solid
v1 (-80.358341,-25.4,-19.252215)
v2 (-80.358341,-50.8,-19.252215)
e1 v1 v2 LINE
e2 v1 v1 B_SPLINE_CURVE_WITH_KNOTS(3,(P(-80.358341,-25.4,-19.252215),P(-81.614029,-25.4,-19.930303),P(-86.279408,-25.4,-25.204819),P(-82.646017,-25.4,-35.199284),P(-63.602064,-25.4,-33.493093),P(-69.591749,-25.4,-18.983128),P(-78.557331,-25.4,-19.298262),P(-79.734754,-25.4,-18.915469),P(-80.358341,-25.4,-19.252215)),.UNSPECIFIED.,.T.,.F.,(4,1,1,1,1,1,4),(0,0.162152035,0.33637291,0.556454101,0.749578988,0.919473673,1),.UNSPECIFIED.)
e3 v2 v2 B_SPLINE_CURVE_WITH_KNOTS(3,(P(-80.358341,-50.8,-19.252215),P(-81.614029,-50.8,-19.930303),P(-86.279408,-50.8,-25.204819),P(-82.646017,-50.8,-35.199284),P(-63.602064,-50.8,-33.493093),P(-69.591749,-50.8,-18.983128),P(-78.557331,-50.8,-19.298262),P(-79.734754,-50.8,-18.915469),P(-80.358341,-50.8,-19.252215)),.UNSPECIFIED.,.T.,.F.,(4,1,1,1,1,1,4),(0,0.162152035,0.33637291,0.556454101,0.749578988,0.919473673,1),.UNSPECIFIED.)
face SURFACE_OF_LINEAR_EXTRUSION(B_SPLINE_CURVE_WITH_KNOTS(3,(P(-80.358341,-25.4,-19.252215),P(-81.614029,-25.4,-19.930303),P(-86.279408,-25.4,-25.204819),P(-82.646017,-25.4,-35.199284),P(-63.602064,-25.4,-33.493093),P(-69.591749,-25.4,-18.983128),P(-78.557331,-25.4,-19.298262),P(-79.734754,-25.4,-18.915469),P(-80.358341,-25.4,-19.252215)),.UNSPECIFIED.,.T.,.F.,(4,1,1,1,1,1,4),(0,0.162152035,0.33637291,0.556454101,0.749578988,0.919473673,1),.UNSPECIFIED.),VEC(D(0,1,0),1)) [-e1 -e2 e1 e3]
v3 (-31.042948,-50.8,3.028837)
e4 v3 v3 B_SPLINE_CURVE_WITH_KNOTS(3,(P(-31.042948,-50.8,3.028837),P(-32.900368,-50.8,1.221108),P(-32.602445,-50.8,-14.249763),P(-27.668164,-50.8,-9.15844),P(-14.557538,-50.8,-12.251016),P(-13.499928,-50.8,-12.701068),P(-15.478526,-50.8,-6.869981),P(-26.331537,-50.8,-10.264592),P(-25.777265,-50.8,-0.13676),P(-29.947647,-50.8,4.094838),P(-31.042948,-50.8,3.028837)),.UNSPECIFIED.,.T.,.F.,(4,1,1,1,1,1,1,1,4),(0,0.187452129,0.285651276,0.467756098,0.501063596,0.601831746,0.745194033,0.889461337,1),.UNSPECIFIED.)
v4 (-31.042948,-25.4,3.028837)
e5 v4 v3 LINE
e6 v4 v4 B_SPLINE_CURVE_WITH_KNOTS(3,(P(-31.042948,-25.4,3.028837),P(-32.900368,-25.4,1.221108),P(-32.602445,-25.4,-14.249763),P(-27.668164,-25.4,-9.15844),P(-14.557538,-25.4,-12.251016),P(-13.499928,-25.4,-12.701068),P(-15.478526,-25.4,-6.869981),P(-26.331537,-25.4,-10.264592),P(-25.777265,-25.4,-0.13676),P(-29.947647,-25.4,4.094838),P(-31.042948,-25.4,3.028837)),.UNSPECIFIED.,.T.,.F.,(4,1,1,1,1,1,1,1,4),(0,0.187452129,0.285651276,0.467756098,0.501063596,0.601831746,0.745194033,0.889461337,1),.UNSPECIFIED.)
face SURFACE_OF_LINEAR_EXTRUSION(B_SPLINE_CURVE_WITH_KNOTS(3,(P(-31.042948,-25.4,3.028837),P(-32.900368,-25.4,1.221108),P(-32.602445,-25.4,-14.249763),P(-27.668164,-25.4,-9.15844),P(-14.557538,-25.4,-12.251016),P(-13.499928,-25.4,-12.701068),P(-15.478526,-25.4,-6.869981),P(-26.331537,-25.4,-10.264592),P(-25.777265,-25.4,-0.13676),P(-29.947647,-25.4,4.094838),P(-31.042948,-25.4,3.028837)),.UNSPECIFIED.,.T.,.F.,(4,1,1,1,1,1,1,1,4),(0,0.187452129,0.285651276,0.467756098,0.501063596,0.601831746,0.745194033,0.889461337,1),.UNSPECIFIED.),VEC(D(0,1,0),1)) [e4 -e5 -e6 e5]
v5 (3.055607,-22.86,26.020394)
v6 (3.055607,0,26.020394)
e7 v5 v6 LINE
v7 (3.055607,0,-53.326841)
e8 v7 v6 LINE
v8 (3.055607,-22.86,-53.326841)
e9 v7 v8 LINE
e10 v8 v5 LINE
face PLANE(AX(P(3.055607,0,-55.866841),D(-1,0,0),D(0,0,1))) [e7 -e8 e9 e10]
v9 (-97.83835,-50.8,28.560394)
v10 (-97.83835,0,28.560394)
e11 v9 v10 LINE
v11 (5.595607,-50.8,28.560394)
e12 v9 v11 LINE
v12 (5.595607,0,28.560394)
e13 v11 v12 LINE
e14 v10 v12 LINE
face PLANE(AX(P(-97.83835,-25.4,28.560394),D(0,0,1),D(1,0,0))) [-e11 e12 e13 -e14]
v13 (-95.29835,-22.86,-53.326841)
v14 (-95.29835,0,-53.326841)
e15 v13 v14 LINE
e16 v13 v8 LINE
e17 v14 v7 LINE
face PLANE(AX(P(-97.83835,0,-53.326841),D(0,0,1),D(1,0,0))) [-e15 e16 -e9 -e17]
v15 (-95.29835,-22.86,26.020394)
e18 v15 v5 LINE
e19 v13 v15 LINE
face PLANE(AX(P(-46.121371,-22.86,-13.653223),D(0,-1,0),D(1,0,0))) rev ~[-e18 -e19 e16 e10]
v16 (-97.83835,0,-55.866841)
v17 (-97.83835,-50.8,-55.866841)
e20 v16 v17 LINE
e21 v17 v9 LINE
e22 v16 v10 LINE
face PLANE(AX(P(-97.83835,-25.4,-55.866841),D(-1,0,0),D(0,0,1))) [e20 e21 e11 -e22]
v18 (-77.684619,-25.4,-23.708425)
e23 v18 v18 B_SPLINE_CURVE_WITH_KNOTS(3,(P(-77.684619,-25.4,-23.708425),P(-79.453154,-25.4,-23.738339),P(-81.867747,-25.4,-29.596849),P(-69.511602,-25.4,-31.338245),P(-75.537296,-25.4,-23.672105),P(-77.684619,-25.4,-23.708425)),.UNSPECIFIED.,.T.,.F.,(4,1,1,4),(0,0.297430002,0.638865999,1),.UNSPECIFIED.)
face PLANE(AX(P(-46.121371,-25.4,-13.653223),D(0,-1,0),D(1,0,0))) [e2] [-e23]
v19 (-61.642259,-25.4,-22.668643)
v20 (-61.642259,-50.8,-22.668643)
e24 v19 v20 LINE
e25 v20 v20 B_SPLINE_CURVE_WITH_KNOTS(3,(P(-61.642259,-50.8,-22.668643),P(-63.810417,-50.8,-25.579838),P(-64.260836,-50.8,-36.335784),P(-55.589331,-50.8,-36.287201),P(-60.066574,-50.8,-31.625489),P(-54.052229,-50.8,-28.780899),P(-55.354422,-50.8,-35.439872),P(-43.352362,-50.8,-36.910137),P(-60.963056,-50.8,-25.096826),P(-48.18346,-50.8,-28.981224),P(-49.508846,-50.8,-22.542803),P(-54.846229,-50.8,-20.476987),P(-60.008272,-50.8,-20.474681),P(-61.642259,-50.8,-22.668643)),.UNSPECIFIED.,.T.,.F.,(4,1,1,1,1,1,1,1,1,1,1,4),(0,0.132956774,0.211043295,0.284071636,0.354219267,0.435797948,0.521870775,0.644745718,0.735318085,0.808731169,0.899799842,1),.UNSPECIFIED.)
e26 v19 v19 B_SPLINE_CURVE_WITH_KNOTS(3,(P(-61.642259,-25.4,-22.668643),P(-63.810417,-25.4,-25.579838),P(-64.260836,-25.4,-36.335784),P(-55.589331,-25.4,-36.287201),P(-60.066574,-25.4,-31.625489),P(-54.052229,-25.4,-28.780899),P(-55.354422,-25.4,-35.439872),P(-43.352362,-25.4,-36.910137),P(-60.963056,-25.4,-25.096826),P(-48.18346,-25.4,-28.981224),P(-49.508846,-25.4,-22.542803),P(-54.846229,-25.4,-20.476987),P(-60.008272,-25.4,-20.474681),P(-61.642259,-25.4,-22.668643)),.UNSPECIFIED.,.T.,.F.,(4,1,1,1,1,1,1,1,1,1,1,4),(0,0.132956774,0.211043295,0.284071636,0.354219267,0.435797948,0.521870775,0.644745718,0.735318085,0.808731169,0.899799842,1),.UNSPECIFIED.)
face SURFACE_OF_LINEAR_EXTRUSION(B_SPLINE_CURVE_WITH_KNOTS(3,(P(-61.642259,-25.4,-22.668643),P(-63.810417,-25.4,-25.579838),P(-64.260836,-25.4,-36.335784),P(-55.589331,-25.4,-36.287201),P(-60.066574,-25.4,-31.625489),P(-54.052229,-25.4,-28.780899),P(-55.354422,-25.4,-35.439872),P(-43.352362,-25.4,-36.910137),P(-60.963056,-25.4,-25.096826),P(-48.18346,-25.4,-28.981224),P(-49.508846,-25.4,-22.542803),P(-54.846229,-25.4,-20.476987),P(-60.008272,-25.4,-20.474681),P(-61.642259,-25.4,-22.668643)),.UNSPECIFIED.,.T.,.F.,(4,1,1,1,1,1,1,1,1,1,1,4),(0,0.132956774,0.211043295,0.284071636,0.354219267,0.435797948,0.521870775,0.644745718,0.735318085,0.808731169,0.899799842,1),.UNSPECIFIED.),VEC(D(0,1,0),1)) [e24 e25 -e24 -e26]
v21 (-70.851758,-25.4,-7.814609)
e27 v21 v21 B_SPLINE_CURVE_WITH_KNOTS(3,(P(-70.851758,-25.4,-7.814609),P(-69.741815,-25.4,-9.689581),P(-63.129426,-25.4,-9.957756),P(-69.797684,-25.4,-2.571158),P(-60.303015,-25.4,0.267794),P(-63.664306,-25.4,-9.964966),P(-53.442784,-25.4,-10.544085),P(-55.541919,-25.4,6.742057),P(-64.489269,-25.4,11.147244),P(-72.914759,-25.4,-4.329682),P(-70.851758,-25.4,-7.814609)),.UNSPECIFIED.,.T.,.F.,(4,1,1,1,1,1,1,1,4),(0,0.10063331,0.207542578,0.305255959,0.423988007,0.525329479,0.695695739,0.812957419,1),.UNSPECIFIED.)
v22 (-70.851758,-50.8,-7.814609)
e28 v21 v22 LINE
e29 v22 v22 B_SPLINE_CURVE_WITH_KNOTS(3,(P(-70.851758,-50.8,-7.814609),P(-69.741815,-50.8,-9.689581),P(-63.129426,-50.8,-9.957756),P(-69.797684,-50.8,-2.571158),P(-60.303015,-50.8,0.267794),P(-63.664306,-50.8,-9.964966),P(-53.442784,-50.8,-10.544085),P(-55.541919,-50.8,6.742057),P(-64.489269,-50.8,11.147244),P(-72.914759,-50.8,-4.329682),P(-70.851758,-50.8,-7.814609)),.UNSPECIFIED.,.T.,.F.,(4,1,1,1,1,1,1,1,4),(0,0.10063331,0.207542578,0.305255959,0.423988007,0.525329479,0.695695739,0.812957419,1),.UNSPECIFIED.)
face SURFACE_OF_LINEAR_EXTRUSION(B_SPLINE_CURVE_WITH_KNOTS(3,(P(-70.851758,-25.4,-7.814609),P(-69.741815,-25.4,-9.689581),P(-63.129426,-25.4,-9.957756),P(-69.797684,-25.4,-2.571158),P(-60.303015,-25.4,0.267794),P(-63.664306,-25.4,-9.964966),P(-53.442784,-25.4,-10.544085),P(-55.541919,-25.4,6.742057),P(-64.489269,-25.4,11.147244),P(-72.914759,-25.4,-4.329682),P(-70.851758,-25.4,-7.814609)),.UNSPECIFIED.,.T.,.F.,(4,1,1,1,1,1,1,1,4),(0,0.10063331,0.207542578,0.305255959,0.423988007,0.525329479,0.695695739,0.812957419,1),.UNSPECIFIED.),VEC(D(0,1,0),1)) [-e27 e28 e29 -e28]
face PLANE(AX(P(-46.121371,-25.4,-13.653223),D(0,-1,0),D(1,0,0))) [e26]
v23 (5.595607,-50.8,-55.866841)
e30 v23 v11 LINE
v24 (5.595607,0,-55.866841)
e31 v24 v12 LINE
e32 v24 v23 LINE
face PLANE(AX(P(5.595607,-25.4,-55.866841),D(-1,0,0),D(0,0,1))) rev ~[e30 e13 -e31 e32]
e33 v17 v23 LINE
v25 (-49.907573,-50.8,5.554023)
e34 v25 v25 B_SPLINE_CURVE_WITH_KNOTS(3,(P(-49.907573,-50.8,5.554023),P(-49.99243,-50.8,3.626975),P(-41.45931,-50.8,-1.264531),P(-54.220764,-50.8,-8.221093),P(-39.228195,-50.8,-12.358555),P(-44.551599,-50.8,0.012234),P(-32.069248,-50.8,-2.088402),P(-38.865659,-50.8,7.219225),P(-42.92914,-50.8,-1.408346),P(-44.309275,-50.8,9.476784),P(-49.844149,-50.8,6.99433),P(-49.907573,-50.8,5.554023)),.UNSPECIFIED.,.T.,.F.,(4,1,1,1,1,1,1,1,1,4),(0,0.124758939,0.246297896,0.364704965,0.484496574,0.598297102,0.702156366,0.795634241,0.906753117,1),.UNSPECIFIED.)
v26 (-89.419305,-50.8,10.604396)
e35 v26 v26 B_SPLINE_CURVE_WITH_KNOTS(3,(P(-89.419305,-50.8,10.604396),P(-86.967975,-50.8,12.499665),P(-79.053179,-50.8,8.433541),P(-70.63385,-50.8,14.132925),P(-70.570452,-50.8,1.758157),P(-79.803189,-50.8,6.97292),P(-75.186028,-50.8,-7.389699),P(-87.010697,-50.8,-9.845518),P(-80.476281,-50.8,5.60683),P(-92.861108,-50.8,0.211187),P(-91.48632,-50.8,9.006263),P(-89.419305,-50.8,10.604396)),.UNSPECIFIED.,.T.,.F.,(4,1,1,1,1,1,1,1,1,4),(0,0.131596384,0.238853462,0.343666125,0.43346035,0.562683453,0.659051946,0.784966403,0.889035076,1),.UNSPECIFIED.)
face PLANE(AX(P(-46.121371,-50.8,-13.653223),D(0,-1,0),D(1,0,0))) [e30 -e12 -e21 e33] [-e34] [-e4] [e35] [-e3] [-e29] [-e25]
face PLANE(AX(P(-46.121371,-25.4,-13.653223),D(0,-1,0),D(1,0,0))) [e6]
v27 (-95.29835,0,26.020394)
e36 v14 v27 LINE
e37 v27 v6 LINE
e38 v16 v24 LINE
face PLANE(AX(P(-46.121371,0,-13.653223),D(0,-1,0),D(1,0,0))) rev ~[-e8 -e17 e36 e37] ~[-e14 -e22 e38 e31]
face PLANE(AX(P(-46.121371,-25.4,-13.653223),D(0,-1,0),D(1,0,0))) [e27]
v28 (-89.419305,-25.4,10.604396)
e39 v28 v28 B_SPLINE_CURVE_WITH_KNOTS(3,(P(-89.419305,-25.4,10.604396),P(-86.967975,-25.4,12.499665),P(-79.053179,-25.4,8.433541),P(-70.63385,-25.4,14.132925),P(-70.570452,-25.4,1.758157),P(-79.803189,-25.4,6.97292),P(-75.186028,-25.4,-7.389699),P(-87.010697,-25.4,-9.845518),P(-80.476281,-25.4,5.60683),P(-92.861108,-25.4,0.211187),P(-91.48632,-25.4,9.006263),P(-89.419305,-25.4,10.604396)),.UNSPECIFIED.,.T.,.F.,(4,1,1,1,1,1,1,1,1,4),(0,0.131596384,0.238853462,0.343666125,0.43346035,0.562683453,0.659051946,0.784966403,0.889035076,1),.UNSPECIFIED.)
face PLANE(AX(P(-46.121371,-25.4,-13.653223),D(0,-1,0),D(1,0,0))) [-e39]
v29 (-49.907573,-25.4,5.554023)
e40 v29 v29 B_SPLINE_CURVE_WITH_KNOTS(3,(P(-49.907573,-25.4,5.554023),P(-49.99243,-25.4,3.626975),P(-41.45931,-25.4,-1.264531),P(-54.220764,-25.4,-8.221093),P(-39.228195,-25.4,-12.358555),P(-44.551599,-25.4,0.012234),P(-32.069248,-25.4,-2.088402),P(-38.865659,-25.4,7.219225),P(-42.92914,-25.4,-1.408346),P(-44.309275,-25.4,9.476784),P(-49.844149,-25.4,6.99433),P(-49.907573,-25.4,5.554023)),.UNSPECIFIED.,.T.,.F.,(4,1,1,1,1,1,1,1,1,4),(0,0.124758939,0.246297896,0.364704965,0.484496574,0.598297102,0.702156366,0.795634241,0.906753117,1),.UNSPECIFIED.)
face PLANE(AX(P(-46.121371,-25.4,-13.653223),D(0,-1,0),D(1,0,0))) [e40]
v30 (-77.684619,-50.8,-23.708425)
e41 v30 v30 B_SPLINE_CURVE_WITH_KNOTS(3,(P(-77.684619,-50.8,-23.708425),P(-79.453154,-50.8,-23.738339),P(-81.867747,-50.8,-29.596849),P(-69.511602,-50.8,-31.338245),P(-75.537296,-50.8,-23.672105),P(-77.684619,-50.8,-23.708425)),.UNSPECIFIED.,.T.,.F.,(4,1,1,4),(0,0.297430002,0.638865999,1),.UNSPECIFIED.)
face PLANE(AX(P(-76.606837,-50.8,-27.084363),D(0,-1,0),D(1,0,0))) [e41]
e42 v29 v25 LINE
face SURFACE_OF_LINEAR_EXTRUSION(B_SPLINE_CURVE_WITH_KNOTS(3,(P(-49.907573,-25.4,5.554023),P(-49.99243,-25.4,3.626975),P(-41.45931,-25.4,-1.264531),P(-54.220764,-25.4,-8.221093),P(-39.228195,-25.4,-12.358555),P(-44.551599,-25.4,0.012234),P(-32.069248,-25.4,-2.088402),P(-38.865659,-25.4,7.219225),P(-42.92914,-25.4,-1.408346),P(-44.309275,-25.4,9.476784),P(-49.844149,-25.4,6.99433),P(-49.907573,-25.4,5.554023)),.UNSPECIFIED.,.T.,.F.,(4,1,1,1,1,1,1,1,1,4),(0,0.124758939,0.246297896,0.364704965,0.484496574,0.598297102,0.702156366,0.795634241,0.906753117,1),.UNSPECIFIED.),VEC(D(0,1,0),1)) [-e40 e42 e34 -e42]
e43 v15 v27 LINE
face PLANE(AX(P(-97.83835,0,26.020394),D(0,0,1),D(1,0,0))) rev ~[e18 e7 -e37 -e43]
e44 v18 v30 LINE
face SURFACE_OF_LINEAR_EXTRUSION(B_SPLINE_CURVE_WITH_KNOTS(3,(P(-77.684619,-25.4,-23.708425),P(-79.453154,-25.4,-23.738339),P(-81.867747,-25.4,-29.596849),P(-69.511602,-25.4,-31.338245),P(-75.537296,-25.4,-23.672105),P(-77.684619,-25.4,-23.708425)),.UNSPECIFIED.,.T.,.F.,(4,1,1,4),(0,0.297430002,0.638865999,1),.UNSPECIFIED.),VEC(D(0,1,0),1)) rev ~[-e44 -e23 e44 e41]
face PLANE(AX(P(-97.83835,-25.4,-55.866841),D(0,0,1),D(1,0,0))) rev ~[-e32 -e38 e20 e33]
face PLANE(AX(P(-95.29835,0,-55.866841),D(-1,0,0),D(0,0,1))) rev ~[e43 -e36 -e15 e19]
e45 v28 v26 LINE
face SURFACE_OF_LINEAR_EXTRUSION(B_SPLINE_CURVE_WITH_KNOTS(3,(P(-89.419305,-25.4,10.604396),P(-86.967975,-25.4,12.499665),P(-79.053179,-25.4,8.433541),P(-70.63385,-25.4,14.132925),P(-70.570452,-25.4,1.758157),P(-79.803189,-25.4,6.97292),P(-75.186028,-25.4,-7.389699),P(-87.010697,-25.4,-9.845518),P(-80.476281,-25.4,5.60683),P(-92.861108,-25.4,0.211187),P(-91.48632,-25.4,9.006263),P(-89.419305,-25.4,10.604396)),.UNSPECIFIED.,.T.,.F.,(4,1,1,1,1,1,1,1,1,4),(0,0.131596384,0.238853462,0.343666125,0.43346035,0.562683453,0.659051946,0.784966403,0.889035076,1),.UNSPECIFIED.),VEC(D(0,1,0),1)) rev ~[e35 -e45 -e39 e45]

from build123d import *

# Parameters (mm, degrees)
F0_W     = 103.4339563921
F0_H     = 84.427235648
F1_DEPTH = 25.4
F2_T     = -2.54
F3_W     = 103.4339563921
F3_H     = 84.427235648
F4_DEPTH = 25.4


with BuildPart() as f1:
    # F0 (on Front) → F1 (new body)
    with BuildSketch(Plane.XZ):
        with Locations((-46.1213714443, -13.6532234028)):
            Rectangle(F0_W, F0_H)
    extrude(amount=F1_DEPTH)

    # F2
    f2_openings = [f1.faces().sort_by_distance(p)[0] for p in [
        (-46.121371, 0, -13.653223),
    ]]
    offset(amount=F2_T, openings=f2_openings)

    # F3 (on face) → F4 (join)
    with BuildSketch(Plane.XZ.offset(25.4)):
        with Locations((-46.1213714443, -13.6532234028)):
            Rectangle(F3_W, F3_H)
        with BuildLine():
            add(Edge.make_bspline(
                [(-80.3583413363, -19.2522145808), (-81.6140292445, -19.9303025098), (-86.2794084309, -25.2048194591), (-82.6460167469, -35.1992844389), (-63.602063579, -33.4930929899), (-69.5917494495, -18.9831283821), (-78.5573314183, -19.2982619828), (-79.7347541311, -18.9154693165), (-80.3583413363, -19.2522145808)],
                knots=[0, 0, 0, 0, 0.1621520352, 0.3363729102, 0.556454101, 0.7495789883, 0.9194736735, 1, 1, 1, 1], degree=3))
        make_face(mode=Mode.SUBTRACT)
        with BuildLine():
            add(Edge.make_bspline(
                [(-61.6422593594, -22.6686429232), (-63.8104166029, -25.5798375693), (-64.2608356333, -36.335784186), (-55.589330959, -36.2872011877), (-60.0665740302, -31.6254889362), (-54.0522286833, -28.7808990254), (-55.3544220028, -35.4398716651), (-43.352361748, -36.9101374235), (-60.9630558672, -25.0968260705), (-48.1834601732, -28.9812235733), (-49.5088458041, -22.5428030657), (-54.8462293978, -20.4769871389), (-60.0082719178, -20.4746805131), (-61.6422593594, -22.6686429232)],
                knots=[0, 0, 0, 0, 0.1329567742, 0.2110432951, 0.2840716357, 0.3542192665, 0.4357979485, 0.5218707746, 0.6447457177, 0.7353180846, 0.8087311691, 0.8997998416, 1, 1, 1, 1], degree=3))
        make_face(mode=Mode.SUBTRACT)
        with BuildLine():
            add(Edge.make_bspline(
                [(-89.4193053246, 10.6043955311), (-86.9679747108, 12.4996654819), (-79.0531787293, 8.4335407774), (-70.6338501593, 14.1329251786), (-70.5704524745, 1.7581572898), (-79.8031885243, 6.9729203471), (-75.1860276017, -7.3896985234), (-87.0106965365, -9.8455184327), (-80.476280889, 5.6068303387), (-92.861108222, 0.2111872855), (-91.4863204495, 9.006262814), (-89.4193053246, 10.6043955311)],
                knots=[0, 0, 0, 0, 0.131596384, 0.2388534623, 0.3436661253, 0.4334603505, 0.5626834533, 0.6590519462, 0.7849664025, 0.8890350756, 1, 1, 1, 1], degree=3))
        make_face(mode=Mode.SUBTRACT)
        with BuildLine():
            add(Edge.make_bspline(
                [(-70.8517581224, -7.8146085143), (-69.7418149189, -9.6895810898), (-63.129425641, -9.9577556699), (-69.7976838412, -2.5711584389), (-60.3030145588, 0.2677944891), (-63.6643056961, -9.964966075), (-53.4427838779, -10.544085157), (-55.5419188602, 6.7420568229), (-64.4892685829, 11.147243549), (-72.914759355, -4.3296817885), (-70.8517581224, -7.8146085143)],
                knots=[0, 0, 0, 0, 0.1006333096, 0.2075425782, 0.3052559593, 0.4239880065, 0.5253294794, 0.6956957388, 0.8129574188, 1, 1, 1, 1], degree=3))
        make_face(mode=Mode.SUBTRACT)
        with BuildLine():
            add(Edge.make_bspline(
                [(-31.0429483652, 3.0288372654), (-32.9003676299, 1.2211075107), (-32.6024449228, -14.2497627858), (-27.6681644927, -9.1584398329), (-14.5575383797, -12.2510155108), (-13.4999276079, -12.7010675037), (-15.4785258708, -6.8699806212), (-26.3315368498, -10.2645923734), (-25.7772654277, -0.1367595452), (-29.9476466273, 4.0948375917), (-31.0429483652, 3.0288372654)],
                knots=[0, 0, 0, 0, 0.1874521292, 0.2856512759, 0.4677560975, 0.5010635965, 0.6018317463, 0.7451940326, 0.8894613366, 1, 1, 1, 1], degree=3))
        make_face(mode=Mode.SUBTRACT)
        with BuildLine():
            add(Edge.make_bspline(
                [(-49.9075725675, 5.5540231988), (-49.9924298752, 3.6269753967), (-41.4593102983, -1.2645306275), (-54.2207635994, -8.2210934951), (-39.228194728, -12.3585551602), (-44.5515991551, 0.0122335579), (-32.0692482176, -2.0884023247), (-38.8656586878, 7.2192253141), (-42.9291402206, -1.408345867), (-44.3092752736, 9.4767839122), (-49.84414882, 6.9943304198), (-49.9075725675, 5.5540231988)],
                knots=[0, 0, 0, 0, 0.124758939, 0.2462978958, 0.3647049647, 0.4844965741, 0.5982971018, 0.7021563661, 0.7956342414, 0.9067531171, 1, 1, 1, 1], degree=3))
        make_face(mode=Mode.SUBTRACT)
        with BuildLine():
            add(Edge.make_bspline(
                [(-77.6846185327, -23.7084254622), (-79.453153641, -23.7383386452), (-81.867747298, -29.5968491607), (-69.5116015381, -31.3382449476), (-75.537295953, -23.6721054294), (-77.6846185327, -23.7084254622)],
                knots=[0, 0, 0, 0, 0.2974300024, 0.6388659988, 1, 1, 1, 1], degree=3))
        make_face()
    extrude(amount=F4_DEPTH)


solid = f1.part
